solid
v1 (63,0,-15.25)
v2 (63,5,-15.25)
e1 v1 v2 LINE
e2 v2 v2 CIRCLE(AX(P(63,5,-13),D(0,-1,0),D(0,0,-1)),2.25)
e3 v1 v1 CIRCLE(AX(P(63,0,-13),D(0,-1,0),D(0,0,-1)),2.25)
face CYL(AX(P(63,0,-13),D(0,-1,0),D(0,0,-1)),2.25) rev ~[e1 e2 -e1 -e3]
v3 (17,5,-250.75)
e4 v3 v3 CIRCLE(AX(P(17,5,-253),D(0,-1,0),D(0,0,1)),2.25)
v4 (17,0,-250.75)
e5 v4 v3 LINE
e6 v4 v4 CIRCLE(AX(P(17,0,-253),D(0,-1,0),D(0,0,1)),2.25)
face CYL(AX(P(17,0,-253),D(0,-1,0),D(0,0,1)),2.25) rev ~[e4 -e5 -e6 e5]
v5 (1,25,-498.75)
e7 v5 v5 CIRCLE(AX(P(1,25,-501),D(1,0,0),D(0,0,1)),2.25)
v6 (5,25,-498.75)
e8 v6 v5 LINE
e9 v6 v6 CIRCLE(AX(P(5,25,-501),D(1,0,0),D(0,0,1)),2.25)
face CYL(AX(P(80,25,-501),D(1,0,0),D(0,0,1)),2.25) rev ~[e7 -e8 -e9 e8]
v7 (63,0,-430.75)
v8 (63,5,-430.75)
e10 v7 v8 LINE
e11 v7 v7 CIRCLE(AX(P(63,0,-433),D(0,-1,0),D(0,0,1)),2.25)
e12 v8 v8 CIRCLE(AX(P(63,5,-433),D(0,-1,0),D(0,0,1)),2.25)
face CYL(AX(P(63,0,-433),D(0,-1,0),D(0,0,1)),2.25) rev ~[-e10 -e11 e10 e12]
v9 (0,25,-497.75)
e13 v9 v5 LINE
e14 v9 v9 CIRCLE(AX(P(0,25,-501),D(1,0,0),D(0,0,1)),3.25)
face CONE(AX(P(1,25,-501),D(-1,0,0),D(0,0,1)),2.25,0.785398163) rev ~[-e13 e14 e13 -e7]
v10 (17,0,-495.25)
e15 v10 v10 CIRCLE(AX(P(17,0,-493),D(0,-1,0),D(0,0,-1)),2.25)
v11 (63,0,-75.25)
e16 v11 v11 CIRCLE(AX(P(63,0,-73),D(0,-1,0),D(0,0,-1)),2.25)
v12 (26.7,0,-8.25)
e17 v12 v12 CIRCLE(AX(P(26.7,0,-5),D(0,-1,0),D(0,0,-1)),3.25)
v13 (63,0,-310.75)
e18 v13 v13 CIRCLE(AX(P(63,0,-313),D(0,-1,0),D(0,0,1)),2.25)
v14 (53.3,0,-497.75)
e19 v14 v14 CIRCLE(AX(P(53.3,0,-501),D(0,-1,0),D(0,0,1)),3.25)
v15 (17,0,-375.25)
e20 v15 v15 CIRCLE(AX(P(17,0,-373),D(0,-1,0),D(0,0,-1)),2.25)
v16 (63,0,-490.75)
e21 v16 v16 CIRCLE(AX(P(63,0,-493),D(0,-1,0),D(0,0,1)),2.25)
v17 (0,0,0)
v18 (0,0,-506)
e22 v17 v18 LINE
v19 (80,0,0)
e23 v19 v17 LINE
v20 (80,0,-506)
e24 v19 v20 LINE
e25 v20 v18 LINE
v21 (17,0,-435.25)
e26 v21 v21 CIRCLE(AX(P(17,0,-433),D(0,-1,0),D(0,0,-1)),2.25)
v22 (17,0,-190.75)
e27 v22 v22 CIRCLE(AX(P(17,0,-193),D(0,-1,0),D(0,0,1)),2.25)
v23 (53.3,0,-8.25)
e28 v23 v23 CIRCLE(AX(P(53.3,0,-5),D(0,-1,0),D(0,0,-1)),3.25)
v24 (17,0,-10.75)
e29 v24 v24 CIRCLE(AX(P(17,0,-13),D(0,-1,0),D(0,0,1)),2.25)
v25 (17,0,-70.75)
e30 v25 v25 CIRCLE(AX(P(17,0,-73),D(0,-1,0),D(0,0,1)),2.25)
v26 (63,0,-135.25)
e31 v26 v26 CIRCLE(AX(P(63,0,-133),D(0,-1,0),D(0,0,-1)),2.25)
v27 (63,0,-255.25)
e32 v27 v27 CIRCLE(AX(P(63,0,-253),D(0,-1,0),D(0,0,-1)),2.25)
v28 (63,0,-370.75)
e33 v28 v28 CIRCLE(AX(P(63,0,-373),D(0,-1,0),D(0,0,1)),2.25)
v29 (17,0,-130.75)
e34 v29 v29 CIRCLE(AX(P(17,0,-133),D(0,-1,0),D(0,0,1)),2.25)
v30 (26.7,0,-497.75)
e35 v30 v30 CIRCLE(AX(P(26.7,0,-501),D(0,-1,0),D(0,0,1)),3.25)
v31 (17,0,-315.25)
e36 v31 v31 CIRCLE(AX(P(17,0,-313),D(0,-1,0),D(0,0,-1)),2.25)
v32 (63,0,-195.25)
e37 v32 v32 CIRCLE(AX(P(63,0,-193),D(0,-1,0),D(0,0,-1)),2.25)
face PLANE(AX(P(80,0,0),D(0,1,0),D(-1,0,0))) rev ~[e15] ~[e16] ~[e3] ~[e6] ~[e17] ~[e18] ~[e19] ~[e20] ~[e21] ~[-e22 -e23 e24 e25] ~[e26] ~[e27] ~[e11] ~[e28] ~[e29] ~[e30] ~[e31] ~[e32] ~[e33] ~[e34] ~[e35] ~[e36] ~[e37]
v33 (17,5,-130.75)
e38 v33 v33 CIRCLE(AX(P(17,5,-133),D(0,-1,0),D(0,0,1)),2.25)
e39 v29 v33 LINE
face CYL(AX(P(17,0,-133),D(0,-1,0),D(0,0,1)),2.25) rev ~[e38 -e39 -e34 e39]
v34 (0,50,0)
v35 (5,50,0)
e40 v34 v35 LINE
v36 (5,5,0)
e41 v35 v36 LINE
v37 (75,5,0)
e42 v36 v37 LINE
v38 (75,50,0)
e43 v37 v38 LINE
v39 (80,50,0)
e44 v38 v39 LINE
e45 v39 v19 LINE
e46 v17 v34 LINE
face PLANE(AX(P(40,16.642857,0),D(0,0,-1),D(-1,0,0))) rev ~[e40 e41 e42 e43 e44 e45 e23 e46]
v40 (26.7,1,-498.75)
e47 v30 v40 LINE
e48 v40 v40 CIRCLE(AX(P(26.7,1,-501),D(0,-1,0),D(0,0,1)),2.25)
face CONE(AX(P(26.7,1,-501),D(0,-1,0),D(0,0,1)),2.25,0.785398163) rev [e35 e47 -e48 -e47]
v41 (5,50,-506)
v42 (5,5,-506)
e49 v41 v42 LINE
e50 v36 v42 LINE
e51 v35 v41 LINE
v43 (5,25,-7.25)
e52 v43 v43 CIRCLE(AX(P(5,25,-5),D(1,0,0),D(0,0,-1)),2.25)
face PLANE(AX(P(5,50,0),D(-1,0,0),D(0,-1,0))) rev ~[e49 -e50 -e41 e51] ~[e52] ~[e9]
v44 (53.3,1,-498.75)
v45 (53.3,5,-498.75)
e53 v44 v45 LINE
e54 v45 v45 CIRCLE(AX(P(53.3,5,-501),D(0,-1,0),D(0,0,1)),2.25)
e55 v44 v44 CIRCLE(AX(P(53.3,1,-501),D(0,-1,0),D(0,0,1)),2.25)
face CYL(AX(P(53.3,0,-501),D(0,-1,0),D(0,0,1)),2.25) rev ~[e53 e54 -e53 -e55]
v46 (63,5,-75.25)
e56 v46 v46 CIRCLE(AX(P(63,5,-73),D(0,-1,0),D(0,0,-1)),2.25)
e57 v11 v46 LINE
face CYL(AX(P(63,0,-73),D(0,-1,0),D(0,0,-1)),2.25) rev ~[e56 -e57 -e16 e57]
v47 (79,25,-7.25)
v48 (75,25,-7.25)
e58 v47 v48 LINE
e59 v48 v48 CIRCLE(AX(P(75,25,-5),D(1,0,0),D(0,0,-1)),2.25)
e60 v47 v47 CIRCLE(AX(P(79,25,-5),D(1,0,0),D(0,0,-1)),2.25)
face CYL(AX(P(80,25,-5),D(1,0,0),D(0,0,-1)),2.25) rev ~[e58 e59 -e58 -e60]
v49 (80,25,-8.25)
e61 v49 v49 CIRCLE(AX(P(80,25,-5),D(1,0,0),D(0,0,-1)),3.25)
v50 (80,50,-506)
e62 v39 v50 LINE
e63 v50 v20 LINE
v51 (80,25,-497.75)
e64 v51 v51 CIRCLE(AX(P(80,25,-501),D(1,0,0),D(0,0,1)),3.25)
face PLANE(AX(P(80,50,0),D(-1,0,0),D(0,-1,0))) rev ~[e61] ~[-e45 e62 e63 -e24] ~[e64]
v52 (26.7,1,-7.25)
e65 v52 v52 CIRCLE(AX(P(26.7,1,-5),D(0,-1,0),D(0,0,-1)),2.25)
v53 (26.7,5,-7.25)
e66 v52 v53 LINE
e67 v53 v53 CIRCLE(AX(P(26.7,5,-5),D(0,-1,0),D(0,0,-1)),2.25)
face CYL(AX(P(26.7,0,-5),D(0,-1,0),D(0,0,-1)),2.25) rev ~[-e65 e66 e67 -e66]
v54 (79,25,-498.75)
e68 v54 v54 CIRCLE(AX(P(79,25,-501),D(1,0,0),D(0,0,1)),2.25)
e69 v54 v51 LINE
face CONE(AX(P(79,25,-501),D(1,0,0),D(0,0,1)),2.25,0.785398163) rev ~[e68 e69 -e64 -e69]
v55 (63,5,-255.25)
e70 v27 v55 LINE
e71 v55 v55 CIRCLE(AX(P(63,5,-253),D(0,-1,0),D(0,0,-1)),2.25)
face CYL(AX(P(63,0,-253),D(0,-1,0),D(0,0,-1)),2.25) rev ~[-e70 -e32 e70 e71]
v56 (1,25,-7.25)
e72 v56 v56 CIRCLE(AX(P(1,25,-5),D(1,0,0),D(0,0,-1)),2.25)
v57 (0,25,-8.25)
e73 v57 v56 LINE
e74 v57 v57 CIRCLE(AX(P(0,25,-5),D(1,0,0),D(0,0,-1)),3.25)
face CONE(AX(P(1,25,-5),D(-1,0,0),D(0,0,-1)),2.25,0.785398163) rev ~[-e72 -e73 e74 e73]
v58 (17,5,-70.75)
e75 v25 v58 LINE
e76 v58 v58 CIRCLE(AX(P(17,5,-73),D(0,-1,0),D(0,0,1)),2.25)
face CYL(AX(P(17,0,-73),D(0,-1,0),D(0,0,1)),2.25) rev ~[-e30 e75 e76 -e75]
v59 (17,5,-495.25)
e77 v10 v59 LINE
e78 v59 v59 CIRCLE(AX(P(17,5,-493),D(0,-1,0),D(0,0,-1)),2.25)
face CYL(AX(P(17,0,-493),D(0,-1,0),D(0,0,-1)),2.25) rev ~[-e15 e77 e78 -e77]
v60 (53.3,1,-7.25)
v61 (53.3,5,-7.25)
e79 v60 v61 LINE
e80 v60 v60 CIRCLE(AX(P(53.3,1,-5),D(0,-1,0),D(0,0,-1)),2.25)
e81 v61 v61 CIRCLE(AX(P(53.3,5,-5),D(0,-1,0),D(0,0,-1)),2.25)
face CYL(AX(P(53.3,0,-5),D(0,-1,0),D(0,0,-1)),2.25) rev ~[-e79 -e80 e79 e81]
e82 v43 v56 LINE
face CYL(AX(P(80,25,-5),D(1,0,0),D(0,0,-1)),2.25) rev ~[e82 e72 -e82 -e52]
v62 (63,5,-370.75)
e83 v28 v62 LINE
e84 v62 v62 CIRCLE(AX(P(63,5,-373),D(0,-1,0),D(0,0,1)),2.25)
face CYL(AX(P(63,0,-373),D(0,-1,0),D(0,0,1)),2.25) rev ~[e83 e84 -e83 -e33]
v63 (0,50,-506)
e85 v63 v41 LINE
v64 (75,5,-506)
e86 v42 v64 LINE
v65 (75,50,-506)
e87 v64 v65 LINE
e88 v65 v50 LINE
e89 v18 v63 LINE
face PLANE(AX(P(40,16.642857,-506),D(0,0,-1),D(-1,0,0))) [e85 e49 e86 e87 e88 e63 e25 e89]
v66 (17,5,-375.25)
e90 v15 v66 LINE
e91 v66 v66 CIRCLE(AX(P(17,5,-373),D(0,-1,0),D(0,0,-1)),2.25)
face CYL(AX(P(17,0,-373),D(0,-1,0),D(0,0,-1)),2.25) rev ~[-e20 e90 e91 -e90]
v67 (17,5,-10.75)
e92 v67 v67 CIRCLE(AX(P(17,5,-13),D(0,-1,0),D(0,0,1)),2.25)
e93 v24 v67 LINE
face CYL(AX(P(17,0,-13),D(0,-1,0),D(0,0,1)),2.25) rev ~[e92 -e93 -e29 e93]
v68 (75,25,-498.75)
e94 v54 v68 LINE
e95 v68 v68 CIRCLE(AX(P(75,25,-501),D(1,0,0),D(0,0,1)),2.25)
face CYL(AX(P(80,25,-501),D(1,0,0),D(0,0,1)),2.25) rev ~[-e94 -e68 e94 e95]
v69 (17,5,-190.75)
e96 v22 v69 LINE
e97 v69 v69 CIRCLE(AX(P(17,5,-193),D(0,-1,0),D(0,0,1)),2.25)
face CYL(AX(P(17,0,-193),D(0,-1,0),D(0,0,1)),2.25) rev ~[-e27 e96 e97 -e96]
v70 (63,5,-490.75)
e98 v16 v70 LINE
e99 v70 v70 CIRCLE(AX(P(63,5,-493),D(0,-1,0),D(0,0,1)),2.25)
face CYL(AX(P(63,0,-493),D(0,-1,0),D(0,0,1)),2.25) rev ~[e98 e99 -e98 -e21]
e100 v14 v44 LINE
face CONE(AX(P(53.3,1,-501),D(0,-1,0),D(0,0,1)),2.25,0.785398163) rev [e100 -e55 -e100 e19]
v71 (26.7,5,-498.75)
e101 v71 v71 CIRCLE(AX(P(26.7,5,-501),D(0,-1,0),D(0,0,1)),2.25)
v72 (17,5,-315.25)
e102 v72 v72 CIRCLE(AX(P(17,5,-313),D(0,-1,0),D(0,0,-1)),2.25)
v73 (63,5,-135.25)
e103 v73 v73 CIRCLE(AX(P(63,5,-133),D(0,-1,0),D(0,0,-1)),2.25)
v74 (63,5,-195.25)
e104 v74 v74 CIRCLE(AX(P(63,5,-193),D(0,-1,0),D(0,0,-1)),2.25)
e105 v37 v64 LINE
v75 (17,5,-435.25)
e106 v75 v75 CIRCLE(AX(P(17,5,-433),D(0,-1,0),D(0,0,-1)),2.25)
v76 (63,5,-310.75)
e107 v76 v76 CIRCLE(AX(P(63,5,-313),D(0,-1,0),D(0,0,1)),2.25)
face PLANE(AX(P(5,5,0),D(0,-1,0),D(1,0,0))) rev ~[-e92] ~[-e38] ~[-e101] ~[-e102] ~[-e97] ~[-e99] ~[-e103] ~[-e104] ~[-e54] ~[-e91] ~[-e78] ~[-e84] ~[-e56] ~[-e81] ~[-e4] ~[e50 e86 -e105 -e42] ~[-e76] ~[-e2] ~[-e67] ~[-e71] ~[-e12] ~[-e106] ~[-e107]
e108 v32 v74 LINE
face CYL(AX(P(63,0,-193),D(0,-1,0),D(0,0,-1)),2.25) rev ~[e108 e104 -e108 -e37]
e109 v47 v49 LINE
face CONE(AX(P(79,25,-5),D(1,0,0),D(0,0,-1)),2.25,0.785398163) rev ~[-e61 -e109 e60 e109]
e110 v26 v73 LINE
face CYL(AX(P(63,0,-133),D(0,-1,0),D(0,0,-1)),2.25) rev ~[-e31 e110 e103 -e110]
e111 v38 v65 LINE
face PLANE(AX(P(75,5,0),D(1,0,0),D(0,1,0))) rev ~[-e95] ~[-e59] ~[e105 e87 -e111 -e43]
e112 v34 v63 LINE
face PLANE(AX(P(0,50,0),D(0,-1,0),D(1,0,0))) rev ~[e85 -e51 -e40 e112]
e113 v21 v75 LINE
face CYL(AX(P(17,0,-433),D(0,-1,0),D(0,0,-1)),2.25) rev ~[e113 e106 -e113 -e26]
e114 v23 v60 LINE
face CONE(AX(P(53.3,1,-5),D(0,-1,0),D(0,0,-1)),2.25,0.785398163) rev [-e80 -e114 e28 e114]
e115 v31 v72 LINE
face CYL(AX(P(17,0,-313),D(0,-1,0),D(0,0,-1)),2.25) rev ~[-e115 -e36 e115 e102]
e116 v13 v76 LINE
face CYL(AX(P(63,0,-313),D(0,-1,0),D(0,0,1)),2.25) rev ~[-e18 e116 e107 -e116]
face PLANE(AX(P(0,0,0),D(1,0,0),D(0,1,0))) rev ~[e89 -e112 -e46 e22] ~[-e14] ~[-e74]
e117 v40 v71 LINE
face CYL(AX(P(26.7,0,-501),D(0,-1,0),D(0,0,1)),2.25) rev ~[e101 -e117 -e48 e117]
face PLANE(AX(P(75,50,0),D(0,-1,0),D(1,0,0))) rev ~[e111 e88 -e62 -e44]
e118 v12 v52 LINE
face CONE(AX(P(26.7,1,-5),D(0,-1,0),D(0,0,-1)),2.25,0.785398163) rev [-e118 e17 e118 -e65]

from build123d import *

# Parameters (mm, degrees)
ESTRUSIONE_ESTRUSIONE1_DEPTH = 506
SCHIZZO3_R                   = 2.25
TAGLIO_ESTRUSIONE1_DEPTH     = 515.719341001
SMUSSO1_SIZE                 = 1
SCHIZZO4_R                   = 2.25
TAGLIO_ESTRUSIONE2_DEPTH     = 515.719341001
SCHIZZO5_R                   = 2.25
TAGLIO_ESTRUSIONE3_DEPTH     = 515.719341001
SMUSSO2_SIZE                 = 1


with BuildPart() as part:
    # Schizzo1 → Estrusione-Estrusione1 (new body)
    with BuildSketch(Plane.XY):
        Polygon((75, 5), (75, 50), (80, 50), (80, 0), (0, 0), (0, 50), (5, 50), (5, 5), align=None)
    extrude(amount=-ESTRUSIONE_ESTRUSIONE1_DEPTH)

    # Schizzo3 → Taglio-Estrusione1 (cut, through all)
    with BuildSketch(Plane(origin=(80, 0, 0), x_dir=(0, 0, -1), z_dir=(1, 0, 0))):
        with Locations((5, 25)):
            Circle(SCHIZZO3_R)
        with Locations(Location((501, 25, 0), (0, 0, 180))):
            Circle(SCHIZZO3_R)
    extrude(amount=-TAGLIO_ESTRUSIONE1_DEPTH, mode=Mode.SUBTRACT)

    # Smusso1
    smusso1_edges = [part.edges().sort_by_distance(p)[0] for p in [
        (0, 25, -2.75),
        (80, 25, -2.75),
        (0, 25, -503.25),
        (80, 25, -503.25),
    ]]
    chamfer(smusso1_edges, length=SMUSSO1_SIZE)

    # Schizzo4 → Taglio-Estrusione2 (cut, through all)
    with BuildSketch(Plane.XZ):
        with Locations(Location((63, -253, 0), (0, 0, 270))):
            Circle(SCHIZZO4_R)
        with Locations(Location((63, -193, 0), (0, 0, 270))):
            Circle(SCHIZZO4_R)
        with Locations(Location((63, -133, 0), (0, 0, 270))):
            Circle(SCHIZZO4_R)
        with Locations(Location((63, -73, 0), (0, 0, 270))):
            Circle(SCHIZZO4_R)
        with Locations(Location((63, -13, 0), (0, 0, 270))):
            Circle(SCHIZZO4_R)
        with Locations(Location((63, -493, 0), (0, 0, 90))):
            Circle(SCHIZZO4_R)
        with Locations(Location((63, -433, 0), (0, 0, 90))):
            Circle(SCHIZZO4_R)
        with Locations(Location((63, -373, 0), (0, 0, 90))):
            Circle(SCHIZZO4_R)
        with Locations(Location((63, -313, 0), (0, 0, 90))):
            Circle(SCHIZZO4_R)
        with Locations(Location((17, -313, 0), (0, 0, 270))):
            Circle(SCHIZZO4_R)
        with Locations(Location((17, -373, 0), (0, 0, 270))):
            Circle(SCHIZZO4_R)
        with Locations(Location((17, -433, 0), (0, 0, 270))):
            Circle(SCHIZZO4_R)
        with Locations(Location((17, -493, 0), (0, 0, 270))):
            Circle(SCHIZZO4_R)
        with Locations(Location((17, -13, 0), (0, 0, 90))):
            Circle(SCHIZZO4_R)
        with Locations(Location((17, -73, 0), (0, 0, 90))):
            Circle(SCHIZZO4_R)
        with Locations(Location((17, -133, 0), (0, 0, 90))):
            Circle(SCHIZZO4_R)
        with Locations(Location((17, -193, 0), (0, 0, 90))):
            Circle(SCHIZZO4_R)
        with Locations(Location((17, -253, 0), (0, 0, 90))):
            Circle(SCHIZZO4_R)
    extrude(amount=-TAGLIO_ESTRUSIONE2_DEPTH, mode=Mode.SUBTRACT)

    # Schizzo5 → Taglio-Estrusione3 (cut, through all)
    with BuildSketch(Plane.XZ):
        with Locations(Location((26.7, -5, 0), (0, 0, 270))):
            Circle(SCHIZZO5_R)
        with Locations(Location((53.3, -5, 0), (0, 0, 270))):
            Circle(SCHIZZO5_R)
        with Locations(Location((53.3, -501, 0), (0, 0, 90))):
            Circle(SCHIZZO5_R)
        with Locations(Location((26.7, -501, 0), (0, 0, 90))):
            Circle(SCHIZZO5_R)
    extrude(amount=-TAGLIO_ESTRUSIONE3_DEPTH, mode=Mode.SUBTRACT)

    # Smusso2
    smusso2_edges = [part.edges().sort_by_distance(p)[0] for p in [
        (26.7, 0, -2.75),
        (53.3, 0, -2.75),
        (53.3, 0, -503.25),
        (26.7, 0, -503.25),
    ]]
    chamfer(smusso2_edges, length=SMUSSO2_SIZE)


solid = part.part
